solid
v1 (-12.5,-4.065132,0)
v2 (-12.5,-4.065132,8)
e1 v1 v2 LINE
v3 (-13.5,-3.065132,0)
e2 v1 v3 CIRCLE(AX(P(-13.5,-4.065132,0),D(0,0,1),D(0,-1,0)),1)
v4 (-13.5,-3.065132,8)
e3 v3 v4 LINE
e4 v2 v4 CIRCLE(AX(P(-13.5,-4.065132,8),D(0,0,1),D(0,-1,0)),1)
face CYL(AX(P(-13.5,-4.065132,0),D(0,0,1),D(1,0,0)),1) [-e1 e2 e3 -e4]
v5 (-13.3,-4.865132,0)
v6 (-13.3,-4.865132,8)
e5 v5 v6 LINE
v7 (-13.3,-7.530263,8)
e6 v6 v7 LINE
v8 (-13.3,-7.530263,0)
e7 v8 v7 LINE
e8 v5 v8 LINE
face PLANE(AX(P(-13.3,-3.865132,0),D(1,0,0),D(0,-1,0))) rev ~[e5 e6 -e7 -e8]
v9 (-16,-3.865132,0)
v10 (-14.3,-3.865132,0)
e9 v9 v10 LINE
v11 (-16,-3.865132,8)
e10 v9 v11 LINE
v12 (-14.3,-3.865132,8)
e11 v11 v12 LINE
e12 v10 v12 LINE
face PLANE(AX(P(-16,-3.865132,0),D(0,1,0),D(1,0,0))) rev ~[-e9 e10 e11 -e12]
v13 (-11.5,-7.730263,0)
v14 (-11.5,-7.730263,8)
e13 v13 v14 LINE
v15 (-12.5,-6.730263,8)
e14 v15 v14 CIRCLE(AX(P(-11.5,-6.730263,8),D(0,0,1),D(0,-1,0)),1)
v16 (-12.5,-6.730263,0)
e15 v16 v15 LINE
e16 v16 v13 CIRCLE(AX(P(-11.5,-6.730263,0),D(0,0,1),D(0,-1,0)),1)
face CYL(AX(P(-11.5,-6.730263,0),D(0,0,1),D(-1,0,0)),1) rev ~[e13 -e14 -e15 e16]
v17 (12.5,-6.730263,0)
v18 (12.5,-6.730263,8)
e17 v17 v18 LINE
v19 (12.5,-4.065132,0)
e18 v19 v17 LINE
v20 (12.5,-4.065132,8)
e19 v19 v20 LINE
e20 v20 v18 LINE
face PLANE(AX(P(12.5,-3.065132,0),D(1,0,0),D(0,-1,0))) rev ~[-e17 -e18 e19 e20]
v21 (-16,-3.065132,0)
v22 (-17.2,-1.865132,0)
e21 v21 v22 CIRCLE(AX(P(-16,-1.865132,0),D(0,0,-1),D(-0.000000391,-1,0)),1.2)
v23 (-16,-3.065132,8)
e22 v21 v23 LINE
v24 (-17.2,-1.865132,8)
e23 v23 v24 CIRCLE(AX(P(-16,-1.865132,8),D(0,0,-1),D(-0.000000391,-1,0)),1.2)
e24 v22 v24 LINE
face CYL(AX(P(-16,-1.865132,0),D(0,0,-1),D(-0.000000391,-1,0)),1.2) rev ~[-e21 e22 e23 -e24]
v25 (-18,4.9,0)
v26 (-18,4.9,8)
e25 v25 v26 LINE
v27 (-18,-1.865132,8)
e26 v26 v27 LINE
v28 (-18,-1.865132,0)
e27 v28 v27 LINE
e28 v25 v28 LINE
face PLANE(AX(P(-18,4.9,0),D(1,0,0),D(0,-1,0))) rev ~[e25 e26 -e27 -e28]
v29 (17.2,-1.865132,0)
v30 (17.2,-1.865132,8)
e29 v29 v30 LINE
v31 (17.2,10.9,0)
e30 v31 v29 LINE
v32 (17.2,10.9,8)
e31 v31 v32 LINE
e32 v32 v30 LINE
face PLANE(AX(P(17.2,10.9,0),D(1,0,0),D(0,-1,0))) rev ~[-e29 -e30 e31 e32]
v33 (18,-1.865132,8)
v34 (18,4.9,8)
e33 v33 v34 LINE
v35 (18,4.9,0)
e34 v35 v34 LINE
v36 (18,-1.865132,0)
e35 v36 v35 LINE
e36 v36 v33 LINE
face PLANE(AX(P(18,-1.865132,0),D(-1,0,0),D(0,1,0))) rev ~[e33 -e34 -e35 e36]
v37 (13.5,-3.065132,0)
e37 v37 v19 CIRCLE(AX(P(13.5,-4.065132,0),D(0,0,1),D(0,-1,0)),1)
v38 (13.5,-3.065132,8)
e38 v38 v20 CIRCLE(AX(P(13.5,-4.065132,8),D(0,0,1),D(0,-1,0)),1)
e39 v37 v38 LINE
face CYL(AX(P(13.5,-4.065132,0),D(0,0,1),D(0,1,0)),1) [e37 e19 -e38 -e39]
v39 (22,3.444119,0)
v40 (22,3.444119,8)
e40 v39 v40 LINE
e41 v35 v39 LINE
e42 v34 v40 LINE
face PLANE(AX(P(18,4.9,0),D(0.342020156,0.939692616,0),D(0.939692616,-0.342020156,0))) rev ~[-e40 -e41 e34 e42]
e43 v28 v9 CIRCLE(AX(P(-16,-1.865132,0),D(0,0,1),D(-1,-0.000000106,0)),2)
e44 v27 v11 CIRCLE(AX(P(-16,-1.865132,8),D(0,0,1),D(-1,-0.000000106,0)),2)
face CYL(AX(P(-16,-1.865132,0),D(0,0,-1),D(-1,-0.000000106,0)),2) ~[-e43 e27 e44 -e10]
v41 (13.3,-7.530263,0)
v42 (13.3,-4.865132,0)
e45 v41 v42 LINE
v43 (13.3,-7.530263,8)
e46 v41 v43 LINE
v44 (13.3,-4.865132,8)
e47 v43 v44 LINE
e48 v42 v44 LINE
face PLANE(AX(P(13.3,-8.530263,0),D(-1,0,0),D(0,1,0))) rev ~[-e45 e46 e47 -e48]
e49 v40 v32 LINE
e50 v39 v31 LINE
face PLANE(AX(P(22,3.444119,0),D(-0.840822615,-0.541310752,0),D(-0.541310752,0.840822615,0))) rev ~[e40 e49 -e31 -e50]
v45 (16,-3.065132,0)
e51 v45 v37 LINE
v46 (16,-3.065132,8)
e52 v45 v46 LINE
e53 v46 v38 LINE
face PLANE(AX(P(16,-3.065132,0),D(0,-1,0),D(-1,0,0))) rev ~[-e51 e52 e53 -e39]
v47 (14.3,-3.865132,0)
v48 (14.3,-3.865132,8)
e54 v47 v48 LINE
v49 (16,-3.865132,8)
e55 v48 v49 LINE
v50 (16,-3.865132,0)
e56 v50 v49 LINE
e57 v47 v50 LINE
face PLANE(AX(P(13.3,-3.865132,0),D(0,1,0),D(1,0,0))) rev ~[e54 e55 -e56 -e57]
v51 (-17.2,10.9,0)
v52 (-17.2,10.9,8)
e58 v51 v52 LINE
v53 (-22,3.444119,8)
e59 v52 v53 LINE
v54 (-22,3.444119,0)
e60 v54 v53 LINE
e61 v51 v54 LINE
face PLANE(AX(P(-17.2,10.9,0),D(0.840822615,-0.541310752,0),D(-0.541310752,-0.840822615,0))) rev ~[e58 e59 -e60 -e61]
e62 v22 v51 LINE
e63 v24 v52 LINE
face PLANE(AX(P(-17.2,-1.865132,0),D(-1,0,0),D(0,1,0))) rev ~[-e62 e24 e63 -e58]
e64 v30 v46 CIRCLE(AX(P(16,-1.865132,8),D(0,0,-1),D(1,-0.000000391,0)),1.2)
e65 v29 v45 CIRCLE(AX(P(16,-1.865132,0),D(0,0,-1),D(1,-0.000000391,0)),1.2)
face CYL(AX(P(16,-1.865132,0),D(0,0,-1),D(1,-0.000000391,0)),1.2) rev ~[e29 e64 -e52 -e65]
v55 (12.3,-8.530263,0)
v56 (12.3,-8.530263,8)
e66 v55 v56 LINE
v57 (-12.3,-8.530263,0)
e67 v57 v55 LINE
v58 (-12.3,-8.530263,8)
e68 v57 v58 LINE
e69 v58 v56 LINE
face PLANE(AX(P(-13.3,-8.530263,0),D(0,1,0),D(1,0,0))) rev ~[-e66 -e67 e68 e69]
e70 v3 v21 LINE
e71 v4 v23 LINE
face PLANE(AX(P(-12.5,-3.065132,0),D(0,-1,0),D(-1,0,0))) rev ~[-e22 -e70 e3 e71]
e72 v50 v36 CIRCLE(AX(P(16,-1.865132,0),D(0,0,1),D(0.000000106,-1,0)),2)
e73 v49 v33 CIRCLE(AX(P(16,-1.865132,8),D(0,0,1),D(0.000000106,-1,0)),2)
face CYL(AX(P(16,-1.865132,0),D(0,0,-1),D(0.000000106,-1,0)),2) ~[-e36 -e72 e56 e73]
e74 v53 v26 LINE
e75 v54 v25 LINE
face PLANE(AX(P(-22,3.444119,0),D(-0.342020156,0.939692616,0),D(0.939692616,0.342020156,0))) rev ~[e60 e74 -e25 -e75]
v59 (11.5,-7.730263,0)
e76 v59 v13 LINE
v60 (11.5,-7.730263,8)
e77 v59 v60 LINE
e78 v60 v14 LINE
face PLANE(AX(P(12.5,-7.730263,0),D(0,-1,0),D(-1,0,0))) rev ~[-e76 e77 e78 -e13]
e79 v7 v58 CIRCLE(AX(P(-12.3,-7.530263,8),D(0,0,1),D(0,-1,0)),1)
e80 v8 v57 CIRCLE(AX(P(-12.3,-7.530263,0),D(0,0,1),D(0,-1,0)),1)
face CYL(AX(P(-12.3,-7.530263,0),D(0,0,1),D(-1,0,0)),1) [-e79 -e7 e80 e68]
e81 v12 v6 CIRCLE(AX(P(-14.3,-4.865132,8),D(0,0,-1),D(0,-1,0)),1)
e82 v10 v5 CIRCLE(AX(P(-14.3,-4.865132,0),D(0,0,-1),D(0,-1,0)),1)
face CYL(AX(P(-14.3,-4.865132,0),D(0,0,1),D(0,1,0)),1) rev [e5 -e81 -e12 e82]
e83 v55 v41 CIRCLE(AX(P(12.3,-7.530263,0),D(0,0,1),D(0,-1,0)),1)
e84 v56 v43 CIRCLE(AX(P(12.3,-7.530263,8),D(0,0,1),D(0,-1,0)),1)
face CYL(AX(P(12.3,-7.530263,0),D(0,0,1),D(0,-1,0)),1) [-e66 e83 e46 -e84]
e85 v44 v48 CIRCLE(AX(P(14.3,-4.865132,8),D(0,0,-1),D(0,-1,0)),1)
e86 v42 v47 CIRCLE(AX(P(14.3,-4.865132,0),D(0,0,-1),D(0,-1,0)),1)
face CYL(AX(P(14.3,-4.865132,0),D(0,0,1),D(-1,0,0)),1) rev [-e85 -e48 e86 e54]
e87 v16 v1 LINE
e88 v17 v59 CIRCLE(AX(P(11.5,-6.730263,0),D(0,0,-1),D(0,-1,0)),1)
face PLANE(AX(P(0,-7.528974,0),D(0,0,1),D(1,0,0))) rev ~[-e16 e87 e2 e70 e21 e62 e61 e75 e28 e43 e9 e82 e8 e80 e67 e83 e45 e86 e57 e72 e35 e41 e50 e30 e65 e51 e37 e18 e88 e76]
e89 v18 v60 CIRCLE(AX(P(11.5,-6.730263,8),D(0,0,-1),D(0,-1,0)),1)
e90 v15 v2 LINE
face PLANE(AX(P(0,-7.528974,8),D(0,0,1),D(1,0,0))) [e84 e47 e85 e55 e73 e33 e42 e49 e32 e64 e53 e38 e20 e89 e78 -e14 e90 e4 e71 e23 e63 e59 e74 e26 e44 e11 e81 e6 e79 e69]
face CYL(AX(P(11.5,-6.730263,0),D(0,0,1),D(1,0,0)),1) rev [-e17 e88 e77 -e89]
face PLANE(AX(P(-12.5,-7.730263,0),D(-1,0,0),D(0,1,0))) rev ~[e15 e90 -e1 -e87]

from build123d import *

# Parameters (mm, degrees)
F2_DEPTH = 8
F3_R     = 1


with BuildPart() as f2:
    # F1 (on Top) → F2 (new body)
    with BuildSketch(Plane.XY):
        Polygon((-12.5, -7.730263), (-12.5, -3.865132), (-13.3, -3.865132), (-13.3, -8.530263), (0, -8.530263), (13.3, -8.530263), (13.3, -3.865132), (12.5, -3.865132), (12.5, -7.730263), (0, -7.730263), align=None)
        with BuildLine():
            Line((-13.3, -3.865132), (-12.5, -3.865132))
            Line((-12.5, -3.865132), (-12.5, -3.065132))
            Line((-12.5, -3.065132), (-16, -3.065132))
            ThreePointArc((-16, -3.065132), (-16.848528, -2.71366), (-17.2, -1.865132))
            Line((-17.2, -1.865132), (-17.2, 10.9))
            Line((-17.2, 10.9), (-22, 3.444119))
            Line((-22, 3.444119), (-18, 4.9))
            Line((-18, 4.9), (-18, -1.865132))
            ThreePointArc((-18, -1.865132), (-17.414214, -3.279345), (-16, -3.865132))
            Line((-16, -3.865132), (-13.3, -3.865132))
        make_face()
        with BuildLine():
            Line((12.5, -3.065132), (12.5, -3.865132))
            Line((12.5, -3.865132), (13.3, -3.865132))
            Line((13.3, -3.865132), (16, -3.865132))
            ThreePointArc((16, -3.865132), (17.414214, -3.279345), (18, -1.865132))
            Line((18, -1.865132), (18, 4.9))
            Line((18, 4.9), (22, 3.444119))
            Line((22, 3.444119), (17.2, 10.9))
            Line((17.2, 10.9), (17.2, -1.865132))
            ThreePointArc((17.2, -1.865132), (16.848528, -2.71366), (16, -3.065132))
            Line((16, -3.065132), (12.5, -3.065132))
        make_face()
    extrude(amount=F2_DEPTH)

    # F3
    f3_edges = [f2.edges().sort_by_distance(p)[0] for p in [
        (-13.3, -3.865132, 4),
        (13.3, -3.865132, 4),
        (-12.5, -3.065132, 4),
        (12.5, -3.065132, 4),
        (-13.3, -8.530263, 4),
        (-12.5, -7.730263, 4),
        (13.3, -8.530263, 4),
        (12.5, -7.730263, 4),
    ]]
    fillet(f3_edges, radius=F3_R)


solid = f2.part
